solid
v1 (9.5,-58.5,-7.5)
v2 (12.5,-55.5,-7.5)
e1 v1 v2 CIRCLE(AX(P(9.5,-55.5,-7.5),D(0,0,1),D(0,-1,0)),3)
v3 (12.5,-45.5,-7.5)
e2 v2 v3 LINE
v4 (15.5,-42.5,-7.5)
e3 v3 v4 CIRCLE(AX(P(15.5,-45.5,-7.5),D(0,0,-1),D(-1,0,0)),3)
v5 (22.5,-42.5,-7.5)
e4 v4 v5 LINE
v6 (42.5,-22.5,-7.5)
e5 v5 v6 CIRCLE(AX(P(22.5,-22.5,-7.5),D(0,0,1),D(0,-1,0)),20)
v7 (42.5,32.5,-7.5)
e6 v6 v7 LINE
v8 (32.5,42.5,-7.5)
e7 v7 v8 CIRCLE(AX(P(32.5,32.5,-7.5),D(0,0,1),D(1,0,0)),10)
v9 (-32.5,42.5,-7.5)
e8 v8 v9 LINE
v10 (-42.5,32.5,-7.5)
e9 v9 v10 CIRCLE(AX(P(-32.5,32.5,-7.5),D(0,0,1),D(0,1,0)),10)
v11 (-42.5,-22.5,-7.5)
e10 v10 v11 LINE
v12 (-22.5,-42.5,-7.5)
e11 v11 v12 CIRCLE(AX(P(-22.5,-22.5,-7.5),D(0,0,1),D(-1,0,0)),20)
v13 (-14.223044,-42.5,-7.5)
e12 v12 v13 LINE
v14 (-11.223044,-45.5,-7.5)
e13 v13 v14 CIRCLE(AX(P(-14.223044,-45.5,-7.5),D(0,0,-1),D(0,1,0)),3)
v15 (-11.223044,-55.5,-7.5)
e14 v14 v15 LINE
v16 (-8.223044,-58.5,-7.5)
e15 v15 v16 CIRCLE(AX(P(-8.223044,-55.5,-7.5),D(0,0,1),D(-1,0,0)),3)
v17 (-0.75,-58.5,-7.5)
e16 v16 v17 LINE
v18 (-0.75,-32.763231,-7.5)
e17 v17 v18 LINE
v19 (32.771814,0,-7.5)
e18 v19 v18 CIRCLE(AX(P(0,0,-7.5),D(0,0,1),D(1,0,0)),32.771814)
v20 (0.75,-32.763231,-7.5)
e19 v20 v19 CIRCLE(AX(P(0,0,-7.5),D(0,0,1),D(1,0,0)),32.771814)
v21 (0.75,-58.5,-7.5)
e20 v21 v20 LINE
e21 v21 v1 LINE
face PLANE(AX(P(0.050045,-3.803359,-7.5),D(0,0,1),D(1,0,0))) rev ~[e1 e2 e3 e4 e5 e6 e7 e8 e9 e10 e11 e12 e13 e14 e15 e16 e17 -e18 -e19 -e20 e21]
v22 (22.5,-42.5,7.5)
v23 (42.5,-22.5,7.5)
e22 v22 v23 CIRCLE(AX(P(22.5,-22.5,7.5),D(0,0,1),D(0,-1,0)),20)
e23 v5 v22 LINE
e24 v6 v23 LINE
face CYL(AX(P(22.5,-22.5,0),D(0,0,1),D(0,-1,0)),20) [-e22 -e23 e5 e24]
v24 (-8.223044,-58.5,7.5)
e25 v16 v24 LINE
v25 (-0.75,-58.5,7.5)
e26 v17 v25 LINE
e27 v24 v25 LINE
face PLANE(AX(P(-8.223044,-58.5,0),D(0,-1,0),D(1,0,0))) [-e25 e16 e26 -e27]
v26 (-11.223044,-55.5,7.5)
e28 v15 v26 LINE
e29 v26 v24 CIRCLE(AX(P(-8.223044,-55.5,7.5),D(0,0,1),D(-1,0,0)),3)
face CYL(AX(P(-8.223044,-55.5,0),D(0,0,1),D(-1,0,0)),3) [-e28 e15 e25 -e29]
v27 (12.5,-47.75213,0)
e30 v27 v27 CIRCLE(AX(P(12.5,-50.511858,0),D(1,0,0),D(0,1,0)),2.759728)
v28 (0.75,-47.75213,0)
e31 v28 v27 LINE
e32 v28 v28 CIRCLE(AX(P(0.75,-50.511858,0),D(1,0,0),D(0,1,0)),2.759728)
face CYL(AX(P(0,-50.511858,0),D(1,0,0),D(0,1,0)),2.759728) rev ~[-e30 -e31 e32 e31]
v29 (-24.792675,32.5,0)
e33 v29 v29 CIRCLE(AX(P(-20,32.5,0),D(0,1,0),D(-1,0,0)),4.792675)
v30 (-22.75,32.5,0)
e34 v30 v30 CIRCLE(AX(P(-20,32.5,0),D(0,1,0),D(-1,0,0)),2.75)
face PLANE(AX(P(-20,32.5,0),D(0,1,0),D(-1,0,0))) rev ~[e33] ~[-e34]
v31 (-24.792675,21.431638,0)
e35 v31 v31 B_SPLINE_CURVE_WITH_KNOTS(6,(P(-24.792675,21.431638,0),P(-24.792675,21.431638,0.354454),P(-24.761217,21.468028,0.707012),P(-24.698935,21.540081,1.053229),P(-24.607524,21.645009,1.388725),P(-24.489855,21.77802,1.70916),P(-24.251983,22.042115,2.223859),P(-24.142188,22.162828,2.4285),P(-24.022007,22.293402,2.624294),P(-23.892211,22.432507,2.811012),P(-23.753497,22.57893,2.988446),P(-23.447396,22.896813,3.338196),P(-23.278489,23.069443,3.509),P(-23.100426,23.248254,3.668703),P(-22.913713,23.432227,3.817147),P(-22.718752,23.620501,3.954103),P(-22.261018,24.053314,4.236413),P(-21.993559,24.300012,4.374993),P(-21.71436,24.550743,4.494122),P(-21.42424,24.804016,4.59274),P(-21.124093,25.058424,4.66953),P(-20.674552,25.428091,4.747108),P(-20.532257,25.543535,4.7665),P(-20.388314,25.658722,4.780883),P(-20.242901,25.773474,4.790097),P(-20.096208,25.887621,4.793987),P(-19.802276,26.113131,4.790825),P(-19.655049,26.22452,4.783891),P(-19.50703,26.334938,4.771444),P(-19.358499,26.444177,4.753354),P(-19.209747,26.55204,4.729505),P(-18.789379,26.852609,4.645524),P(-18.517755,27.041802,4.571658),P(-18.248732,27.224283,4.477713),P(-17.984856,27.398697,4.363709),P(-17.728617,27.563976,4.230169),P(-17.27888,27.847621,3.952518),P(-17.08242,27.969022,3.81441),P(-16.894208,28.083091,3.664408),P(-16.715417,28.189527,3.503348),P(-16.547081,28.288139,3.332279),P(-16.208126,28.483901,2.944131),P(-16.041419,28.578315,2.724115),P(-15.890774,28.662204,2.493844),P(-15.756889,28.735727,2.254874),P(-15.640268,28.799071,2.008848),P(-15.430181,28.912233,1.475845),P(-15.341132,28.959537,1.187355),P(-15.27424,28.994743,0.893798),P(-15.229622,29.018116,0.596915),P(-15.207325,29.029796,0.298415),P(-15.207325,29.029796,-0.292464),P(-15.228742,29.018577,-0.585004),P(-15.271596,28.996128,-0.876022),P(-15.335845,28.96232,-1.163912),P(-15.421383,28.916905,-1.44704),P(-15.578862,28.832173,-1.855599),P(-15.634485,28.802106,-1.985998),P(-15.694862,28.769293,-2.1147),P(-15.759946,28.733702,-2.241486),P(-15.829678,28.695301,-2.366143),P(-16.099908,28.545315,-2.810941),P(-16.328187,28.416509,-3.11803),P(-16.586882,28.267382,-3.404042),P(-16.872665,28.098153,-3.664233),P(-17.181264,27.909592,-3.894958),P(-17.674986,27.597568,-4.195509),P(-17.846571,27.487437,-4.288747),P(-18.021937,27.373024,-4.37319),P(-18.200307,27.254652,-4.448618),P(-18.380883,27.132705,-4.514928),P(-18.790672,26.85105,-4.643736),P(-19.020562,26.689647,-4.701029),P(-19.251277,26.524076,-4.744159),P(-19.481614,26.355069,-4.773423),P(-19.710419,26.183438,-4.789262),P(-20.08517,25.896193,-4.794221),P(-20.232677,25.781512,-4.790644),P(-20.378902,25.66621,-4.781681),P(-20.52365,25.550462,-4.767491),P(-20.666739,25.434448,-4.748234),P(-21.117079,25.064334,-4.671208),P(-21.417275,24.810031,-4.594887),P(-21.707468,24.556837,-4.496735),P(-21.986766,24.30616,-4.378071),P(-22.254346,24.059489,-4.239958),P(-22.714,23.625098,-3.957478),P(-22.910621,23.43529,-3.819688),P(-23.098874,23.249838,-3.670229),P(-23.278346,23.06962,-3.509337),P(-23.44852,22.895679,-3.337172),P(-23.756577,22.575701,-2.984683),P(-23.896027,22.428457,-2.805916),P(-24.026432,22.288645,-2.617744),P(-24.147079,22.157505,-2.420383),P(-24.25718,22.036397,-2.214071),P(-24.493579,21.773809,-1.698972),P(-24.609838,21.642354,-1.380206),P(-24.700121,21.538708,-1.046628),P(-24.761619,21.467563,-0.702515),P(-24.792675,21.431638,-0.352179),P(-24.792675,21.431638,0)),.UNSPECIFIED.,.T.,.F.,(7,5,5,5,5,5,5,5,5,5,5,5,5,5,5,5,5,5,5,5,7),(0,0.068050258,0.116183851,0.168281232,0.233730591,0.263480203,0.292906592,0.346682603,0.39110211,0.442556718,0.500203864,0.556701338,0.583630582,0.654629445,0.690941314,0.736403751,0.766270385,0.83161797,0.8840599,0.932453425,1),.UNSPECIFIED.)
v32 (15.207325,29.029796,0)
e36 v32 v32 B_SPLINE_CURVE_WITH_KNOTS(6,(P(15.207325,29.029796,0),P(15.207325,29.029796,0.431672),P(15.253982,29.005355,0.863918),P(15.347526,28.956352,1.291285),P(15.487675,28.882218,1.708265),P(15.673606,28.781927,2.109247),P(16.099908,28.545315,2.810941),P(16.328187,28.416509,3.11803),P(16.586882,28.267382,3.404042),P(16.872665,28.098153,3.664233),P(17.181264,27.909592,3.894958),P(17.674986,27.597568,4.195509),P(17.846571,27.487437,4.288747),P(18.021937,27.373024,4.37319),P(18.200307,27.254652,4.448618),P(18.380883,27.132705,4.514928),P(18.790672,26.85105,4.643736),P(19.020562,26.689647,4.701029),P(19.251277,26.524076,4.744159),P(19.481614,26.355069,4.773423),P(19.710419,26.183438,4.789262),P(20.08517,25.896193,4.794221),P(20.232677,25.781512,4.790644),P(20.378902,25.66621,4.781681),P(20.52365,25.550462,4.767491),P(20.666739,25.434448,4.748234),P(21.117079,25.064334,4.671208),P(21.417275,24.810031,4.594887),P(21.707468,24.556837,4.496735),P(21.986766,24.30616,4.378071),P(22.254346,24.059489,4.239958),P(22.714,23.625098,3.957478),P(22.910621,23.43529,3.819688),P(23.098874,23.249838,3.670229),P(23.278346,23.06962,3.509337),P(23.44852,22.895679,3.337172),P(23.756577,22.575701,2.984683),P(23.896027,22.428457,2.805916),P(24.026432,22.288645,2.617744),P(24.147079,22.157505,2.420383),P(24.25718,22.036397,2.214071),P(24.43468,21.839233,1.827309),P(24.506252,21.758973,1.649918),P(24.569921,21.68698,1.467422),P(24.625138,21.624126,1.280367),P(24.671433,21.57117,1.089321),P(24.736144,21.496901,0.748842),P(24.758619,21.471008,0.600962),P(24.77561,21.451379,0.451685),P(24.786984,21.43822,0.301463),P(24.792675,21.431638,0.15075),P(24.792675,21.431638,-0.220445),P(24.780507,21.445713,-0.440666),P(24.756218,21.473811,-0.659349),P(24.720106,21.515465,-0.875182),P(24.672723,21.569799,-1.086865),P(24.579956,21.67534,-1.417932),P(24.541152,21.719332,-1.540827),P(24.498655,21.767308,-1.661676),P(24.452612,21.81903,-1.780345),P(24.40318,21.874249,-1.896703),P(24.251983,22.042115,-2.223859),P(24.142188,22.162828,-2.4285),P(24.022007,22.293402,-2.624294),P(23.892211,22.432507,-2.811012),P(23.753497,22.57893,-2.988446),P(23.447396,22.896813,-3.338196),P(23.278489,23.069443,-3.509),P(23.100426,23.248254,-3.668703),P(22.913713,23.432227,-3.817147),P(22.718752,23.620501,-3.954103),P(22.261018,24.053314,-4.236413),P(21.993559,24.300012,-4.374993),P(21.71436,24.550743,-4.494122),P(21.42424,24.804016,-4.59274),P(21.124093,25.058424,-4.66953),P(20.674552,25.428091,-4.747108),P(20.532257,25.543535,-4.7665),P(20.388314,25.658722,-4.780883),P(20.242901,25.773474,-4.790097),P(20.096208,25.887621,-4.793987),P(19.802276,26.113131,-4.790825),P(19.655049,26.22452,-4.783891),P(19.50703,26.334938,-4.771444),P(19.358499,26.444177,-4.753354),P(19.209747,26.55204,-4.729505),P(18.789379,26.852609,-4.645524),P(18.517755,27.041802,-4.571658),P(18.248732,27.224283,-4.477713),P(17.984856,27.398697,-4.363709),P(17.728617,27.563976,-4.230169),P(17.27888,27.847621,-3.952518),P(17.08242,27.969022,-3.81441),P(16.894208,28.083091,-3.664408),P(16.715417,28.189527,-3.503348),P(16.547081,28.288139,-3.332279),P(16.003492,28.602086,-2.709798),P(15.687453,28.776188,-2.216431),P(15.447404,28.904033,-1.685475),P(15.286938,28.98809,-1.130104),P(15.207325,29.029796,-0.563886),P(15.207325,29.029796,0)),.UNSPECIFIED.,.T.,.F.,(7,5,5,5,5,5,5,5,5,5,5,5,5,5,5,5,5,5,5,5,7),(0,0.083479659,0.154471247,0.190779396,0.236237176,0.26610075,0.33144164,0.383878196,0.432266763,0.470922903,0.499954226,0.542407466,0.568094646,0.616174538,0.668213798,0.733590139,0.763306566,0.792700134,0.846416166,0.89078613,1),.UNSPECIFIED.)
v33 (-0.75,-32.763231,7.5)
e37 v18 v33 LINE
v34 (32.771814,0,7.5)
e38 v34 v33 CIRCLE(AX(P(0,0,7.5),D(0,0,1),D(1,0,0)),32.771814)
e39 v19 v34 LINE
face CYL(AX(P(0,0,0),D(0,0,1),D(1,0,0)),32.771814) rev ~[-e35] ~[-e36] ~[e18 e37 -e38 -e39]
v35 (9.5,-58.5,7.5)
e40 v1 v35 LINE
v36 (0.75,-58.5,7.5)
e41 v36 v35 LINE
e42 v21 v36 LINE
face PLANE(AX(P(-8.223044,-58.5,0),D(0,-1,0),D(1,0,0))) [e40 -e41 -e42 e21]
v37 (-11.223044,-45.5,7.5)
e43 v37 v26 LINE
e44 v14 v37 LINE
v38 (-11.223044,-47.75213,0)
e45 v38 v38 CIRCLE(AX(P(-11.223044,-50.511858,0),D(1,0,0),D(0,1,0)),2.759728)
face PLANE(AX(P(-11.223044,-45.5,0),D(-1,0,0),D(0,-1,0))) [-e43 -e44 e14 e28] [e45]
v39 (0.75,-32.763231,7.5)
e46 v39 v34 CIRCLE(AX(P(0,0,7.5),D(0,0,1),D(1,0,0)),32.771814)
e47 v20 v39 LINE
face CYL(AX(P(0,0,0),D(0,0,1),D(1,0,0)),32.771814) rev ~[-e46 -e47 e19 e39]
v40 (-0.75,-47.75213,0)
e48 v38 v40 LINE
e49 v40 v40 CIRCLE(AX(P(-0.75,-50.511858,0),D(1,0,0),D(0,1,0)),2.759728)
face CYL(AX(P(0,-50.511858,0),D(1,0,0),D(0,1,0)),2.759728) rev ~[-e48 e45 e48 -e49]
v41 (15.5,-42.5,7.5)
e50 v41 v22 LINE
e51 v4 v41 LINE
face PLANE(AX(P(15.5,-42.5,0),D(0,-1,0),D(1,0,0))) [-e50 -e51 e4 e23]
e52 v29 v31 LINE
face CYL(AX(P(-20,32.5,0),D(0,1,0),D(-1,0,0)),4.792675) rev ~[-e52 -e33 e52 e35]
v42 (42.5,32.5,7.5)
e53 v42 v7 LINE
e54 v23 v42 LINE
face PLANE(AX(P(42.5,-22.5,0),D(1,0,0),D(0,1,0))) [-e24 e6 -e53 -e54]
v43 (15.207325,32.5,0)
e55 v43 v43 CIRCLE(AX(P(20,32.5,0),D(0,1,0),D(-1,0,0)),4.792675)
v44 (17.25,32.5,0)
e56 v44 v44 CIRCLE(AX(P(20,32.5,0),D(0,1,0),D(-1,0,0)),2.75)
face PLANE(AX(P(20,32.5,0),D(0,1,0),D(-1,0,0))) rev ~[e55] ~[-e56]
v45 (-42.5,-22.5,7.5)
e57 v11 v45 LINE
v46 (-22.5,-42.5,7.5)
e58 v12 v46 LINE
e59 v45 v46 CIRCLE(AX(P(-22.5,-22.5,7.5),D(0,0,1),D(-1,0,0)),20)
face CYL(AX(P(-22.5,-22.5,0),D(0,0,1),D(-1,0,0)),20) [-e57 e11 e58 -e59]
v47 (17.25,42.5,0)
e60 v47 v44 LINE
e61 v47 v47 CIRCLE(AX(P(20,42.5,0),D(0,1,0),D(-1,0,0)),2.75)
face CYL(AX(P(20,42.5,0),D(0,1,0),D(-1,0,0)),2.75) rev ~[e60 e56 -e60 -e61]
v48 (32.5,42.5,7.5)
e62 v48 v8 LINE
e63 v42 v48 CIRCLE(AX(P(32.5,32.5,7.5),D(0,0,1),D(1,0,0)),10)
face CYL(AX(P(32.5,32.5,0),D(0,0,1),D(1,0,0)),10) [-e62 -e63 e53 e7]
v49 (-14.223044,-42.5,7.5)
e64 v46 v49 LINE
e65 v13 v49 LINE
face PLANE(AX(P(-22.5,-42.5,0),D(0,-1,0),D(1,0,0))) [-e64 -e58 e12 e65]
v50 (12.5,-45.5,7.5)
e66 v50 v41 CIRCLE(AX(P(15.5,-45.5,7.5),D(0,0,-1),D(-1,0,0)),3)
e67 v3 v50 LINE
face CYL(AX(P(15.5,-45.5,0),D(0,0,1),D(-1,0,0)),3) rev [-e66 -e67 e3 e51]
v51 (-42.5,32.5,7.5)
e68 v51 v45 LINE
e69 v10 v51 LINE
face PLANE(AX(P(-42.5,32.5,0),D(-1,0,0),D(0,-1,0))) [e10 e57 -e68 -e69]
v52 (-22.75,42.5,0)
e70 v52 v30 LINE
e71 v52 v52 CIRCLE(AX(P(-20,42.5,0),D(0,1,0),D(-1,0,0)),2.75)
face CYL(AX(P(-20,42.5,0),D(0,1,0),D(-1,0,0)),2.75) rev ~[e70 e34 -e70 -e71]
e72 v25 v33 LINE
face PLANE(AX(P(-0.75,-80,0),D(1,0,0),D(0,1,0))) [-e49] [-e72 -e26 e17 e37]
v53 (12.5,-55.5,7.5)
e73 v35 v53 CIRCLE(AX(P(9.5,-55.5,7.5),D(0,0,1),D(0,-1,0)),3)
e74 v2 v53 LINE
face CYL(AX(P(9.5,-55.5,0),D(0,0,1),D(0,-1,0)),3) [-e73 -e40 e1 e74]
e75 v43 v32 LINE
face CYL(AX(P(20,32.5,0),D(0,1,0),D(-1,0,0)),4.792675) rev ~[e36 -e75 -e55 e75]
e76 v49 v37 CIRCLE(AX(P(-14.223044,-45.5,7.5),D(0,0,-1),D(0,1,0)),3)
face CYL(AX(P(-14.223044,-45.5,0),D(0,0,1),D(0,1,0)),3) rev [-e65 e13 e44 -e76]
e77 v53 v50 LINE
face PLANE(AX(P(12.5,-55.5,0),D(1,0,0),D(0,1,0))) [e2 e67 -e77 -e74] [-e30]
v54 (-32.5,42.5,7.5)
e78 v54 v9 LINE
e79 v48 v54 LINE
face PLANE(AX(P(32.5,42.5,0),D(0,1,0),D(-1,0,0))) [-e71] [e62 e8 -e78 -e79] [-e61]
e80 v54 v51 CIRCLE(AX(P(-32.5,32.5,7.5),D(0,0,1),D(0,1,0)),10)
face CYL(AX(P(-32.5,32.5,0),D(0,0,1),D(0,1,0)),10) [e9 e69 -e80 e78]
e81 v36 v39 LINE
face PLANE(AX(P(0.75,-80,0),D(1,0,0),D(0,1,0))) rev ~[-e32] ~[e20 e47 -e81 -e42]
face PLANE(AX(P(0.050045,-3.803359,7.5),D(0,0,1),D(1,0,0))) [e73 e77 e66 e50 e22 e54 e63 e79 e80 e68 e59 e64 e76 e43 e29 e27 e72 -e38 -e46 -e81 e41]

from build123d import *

# Parameters (mm, degrees)
F1_DEPTH  = 7.5
F2_R      = 32.7718142907
F3_DEPTH  = 8
F4_W      = 0.75
F4_H      = 80
F5_DEPTH  = 7.5
F6_R      = 2.7597283283
F7_DEPTH  = 25
F8_R      = 2.75
F9_DEPTH  = 25
F11_START = -10
F10_R     = 4.7926746231
F11_DEPTH = 12


with BuildPart() as f1:
    # F0 (on Top) → F1 (new body, symmetric)
    with BuildSketch(Plane.XY):
        with BuildLine():
            Line((0, 42.5), (-32.5, 42.5))
            ThreePointArc((-32.5, 42.5), (-39.5710678119, 39.5710678119), (-42.5, 32.5))
            Line((-42.5, 32.5), (-42.5, 0))
            Line((-42.5, 0), (-42.5, -22.5))
            ThreePointArc((-42.5, -22.5), (-36.6421356237, -36.6421356237), (-22.5, -42.5))
            Line((-22.5, -42.5), (-14.2230435639, -42.5))
            ThreePointArc((-14.2230435639, -42.5), (-12.1017232203, -43.3786796564), (-11.2230435639, -45.5))
            Line((-11.2230435639, -45.5), (-11.2230435639, -55.5))
            ThreePointArc((-11.2230435639, -55.5), (-10.3443639075, -57.6213203436), (-8.2230435639, -58.5))
            Line((-8.2230435639, -58.5), (9.5, -58.5))
            ThreePointArc((9.5, -58.5), (11.6213203436, -57.6213203436), (12.5, -55.5))
            Line((12.5, -55.5), (12.5, -45.5))
            ThreePointArc((12.5, -45.5), (13.3786796564, -43.3786796564), (15.5, -42.5))
            Line((15.5, -42.5), (22.5, -42.5))
            ThreePointArc((22.5, -42.5), (36.6421356237, -36.6421356237), (42.5, -22.5))
            Line((42.5, -22.5), (42.5, 0))
            Line((42.5, 0), (42.5, 32.5))
            ThreePointArc((42.5, 32.5), (39.5710678119, 39.5710678119), (32.5, 42.5))
            Line((32.5, 42.5), (0, 42.5))
        make_face()
    extrude(amount=F1_DEPTH, both=True)

    # F2 (on Top) → F3 (cut, symmetric)
    with BuildSketch(Plane.XY):
        Circle(F2_R)
    extrude(amount=F3_DEPTH, both=True, mode=Mode.SUBTRACT)

    # F4 (on Top) → F5 (cut, symmetric)
    with BuildSketch(Plane.XY):
        with Locations((0.375, -40)):
            Rectangle(F4_W, F4_H)
        with Locations((-0.375, -40)):
            Rectangle(F4_W, F4_H)
    extrude(amount=F5_DEPTH, both=True, mode=Mode.SUBTRACT)

    # F6 (on Right) → F7 (cut, symmetric)
    with BuildSketch(Plane.YZ):
        with Locations((-50.511858446, 0)):
            Circle(F6_R)
    extrude(amount=F7_DEPTH, both=True, mode=Mode.SUBTRACT)

    # F8 (on face) → F9 (cut)
    with BuildSketch(Plane(origin=(0, 42.5, 0), x_dir=(-1, 0, 0), z_dir=(0, 1, 0))):
        with Locations((20, 0)):
            Circle(F8_R)
        with Locations((-20, 0)):
            Circle(F8_R)
    extrude(amount=-F9_DEPTH, mode=Mode.SUBTRACT)

    # F10 (on face) → F11 (cut)
    with BuildSketch(Plane(origin=(0, 42.5, 0), x_dir=(-1, 0, 0), z_dir=(0, 1, 0)).offset(F11_START)):
        with Locations((20, 0)):
            Circle(F10_R)
        with Locations((-20, 0)):
            Circle(F10_R)
    extrude(amount=-F11_DEPTH, mode=Mode.SUBTRACT)


solid = f1.part
